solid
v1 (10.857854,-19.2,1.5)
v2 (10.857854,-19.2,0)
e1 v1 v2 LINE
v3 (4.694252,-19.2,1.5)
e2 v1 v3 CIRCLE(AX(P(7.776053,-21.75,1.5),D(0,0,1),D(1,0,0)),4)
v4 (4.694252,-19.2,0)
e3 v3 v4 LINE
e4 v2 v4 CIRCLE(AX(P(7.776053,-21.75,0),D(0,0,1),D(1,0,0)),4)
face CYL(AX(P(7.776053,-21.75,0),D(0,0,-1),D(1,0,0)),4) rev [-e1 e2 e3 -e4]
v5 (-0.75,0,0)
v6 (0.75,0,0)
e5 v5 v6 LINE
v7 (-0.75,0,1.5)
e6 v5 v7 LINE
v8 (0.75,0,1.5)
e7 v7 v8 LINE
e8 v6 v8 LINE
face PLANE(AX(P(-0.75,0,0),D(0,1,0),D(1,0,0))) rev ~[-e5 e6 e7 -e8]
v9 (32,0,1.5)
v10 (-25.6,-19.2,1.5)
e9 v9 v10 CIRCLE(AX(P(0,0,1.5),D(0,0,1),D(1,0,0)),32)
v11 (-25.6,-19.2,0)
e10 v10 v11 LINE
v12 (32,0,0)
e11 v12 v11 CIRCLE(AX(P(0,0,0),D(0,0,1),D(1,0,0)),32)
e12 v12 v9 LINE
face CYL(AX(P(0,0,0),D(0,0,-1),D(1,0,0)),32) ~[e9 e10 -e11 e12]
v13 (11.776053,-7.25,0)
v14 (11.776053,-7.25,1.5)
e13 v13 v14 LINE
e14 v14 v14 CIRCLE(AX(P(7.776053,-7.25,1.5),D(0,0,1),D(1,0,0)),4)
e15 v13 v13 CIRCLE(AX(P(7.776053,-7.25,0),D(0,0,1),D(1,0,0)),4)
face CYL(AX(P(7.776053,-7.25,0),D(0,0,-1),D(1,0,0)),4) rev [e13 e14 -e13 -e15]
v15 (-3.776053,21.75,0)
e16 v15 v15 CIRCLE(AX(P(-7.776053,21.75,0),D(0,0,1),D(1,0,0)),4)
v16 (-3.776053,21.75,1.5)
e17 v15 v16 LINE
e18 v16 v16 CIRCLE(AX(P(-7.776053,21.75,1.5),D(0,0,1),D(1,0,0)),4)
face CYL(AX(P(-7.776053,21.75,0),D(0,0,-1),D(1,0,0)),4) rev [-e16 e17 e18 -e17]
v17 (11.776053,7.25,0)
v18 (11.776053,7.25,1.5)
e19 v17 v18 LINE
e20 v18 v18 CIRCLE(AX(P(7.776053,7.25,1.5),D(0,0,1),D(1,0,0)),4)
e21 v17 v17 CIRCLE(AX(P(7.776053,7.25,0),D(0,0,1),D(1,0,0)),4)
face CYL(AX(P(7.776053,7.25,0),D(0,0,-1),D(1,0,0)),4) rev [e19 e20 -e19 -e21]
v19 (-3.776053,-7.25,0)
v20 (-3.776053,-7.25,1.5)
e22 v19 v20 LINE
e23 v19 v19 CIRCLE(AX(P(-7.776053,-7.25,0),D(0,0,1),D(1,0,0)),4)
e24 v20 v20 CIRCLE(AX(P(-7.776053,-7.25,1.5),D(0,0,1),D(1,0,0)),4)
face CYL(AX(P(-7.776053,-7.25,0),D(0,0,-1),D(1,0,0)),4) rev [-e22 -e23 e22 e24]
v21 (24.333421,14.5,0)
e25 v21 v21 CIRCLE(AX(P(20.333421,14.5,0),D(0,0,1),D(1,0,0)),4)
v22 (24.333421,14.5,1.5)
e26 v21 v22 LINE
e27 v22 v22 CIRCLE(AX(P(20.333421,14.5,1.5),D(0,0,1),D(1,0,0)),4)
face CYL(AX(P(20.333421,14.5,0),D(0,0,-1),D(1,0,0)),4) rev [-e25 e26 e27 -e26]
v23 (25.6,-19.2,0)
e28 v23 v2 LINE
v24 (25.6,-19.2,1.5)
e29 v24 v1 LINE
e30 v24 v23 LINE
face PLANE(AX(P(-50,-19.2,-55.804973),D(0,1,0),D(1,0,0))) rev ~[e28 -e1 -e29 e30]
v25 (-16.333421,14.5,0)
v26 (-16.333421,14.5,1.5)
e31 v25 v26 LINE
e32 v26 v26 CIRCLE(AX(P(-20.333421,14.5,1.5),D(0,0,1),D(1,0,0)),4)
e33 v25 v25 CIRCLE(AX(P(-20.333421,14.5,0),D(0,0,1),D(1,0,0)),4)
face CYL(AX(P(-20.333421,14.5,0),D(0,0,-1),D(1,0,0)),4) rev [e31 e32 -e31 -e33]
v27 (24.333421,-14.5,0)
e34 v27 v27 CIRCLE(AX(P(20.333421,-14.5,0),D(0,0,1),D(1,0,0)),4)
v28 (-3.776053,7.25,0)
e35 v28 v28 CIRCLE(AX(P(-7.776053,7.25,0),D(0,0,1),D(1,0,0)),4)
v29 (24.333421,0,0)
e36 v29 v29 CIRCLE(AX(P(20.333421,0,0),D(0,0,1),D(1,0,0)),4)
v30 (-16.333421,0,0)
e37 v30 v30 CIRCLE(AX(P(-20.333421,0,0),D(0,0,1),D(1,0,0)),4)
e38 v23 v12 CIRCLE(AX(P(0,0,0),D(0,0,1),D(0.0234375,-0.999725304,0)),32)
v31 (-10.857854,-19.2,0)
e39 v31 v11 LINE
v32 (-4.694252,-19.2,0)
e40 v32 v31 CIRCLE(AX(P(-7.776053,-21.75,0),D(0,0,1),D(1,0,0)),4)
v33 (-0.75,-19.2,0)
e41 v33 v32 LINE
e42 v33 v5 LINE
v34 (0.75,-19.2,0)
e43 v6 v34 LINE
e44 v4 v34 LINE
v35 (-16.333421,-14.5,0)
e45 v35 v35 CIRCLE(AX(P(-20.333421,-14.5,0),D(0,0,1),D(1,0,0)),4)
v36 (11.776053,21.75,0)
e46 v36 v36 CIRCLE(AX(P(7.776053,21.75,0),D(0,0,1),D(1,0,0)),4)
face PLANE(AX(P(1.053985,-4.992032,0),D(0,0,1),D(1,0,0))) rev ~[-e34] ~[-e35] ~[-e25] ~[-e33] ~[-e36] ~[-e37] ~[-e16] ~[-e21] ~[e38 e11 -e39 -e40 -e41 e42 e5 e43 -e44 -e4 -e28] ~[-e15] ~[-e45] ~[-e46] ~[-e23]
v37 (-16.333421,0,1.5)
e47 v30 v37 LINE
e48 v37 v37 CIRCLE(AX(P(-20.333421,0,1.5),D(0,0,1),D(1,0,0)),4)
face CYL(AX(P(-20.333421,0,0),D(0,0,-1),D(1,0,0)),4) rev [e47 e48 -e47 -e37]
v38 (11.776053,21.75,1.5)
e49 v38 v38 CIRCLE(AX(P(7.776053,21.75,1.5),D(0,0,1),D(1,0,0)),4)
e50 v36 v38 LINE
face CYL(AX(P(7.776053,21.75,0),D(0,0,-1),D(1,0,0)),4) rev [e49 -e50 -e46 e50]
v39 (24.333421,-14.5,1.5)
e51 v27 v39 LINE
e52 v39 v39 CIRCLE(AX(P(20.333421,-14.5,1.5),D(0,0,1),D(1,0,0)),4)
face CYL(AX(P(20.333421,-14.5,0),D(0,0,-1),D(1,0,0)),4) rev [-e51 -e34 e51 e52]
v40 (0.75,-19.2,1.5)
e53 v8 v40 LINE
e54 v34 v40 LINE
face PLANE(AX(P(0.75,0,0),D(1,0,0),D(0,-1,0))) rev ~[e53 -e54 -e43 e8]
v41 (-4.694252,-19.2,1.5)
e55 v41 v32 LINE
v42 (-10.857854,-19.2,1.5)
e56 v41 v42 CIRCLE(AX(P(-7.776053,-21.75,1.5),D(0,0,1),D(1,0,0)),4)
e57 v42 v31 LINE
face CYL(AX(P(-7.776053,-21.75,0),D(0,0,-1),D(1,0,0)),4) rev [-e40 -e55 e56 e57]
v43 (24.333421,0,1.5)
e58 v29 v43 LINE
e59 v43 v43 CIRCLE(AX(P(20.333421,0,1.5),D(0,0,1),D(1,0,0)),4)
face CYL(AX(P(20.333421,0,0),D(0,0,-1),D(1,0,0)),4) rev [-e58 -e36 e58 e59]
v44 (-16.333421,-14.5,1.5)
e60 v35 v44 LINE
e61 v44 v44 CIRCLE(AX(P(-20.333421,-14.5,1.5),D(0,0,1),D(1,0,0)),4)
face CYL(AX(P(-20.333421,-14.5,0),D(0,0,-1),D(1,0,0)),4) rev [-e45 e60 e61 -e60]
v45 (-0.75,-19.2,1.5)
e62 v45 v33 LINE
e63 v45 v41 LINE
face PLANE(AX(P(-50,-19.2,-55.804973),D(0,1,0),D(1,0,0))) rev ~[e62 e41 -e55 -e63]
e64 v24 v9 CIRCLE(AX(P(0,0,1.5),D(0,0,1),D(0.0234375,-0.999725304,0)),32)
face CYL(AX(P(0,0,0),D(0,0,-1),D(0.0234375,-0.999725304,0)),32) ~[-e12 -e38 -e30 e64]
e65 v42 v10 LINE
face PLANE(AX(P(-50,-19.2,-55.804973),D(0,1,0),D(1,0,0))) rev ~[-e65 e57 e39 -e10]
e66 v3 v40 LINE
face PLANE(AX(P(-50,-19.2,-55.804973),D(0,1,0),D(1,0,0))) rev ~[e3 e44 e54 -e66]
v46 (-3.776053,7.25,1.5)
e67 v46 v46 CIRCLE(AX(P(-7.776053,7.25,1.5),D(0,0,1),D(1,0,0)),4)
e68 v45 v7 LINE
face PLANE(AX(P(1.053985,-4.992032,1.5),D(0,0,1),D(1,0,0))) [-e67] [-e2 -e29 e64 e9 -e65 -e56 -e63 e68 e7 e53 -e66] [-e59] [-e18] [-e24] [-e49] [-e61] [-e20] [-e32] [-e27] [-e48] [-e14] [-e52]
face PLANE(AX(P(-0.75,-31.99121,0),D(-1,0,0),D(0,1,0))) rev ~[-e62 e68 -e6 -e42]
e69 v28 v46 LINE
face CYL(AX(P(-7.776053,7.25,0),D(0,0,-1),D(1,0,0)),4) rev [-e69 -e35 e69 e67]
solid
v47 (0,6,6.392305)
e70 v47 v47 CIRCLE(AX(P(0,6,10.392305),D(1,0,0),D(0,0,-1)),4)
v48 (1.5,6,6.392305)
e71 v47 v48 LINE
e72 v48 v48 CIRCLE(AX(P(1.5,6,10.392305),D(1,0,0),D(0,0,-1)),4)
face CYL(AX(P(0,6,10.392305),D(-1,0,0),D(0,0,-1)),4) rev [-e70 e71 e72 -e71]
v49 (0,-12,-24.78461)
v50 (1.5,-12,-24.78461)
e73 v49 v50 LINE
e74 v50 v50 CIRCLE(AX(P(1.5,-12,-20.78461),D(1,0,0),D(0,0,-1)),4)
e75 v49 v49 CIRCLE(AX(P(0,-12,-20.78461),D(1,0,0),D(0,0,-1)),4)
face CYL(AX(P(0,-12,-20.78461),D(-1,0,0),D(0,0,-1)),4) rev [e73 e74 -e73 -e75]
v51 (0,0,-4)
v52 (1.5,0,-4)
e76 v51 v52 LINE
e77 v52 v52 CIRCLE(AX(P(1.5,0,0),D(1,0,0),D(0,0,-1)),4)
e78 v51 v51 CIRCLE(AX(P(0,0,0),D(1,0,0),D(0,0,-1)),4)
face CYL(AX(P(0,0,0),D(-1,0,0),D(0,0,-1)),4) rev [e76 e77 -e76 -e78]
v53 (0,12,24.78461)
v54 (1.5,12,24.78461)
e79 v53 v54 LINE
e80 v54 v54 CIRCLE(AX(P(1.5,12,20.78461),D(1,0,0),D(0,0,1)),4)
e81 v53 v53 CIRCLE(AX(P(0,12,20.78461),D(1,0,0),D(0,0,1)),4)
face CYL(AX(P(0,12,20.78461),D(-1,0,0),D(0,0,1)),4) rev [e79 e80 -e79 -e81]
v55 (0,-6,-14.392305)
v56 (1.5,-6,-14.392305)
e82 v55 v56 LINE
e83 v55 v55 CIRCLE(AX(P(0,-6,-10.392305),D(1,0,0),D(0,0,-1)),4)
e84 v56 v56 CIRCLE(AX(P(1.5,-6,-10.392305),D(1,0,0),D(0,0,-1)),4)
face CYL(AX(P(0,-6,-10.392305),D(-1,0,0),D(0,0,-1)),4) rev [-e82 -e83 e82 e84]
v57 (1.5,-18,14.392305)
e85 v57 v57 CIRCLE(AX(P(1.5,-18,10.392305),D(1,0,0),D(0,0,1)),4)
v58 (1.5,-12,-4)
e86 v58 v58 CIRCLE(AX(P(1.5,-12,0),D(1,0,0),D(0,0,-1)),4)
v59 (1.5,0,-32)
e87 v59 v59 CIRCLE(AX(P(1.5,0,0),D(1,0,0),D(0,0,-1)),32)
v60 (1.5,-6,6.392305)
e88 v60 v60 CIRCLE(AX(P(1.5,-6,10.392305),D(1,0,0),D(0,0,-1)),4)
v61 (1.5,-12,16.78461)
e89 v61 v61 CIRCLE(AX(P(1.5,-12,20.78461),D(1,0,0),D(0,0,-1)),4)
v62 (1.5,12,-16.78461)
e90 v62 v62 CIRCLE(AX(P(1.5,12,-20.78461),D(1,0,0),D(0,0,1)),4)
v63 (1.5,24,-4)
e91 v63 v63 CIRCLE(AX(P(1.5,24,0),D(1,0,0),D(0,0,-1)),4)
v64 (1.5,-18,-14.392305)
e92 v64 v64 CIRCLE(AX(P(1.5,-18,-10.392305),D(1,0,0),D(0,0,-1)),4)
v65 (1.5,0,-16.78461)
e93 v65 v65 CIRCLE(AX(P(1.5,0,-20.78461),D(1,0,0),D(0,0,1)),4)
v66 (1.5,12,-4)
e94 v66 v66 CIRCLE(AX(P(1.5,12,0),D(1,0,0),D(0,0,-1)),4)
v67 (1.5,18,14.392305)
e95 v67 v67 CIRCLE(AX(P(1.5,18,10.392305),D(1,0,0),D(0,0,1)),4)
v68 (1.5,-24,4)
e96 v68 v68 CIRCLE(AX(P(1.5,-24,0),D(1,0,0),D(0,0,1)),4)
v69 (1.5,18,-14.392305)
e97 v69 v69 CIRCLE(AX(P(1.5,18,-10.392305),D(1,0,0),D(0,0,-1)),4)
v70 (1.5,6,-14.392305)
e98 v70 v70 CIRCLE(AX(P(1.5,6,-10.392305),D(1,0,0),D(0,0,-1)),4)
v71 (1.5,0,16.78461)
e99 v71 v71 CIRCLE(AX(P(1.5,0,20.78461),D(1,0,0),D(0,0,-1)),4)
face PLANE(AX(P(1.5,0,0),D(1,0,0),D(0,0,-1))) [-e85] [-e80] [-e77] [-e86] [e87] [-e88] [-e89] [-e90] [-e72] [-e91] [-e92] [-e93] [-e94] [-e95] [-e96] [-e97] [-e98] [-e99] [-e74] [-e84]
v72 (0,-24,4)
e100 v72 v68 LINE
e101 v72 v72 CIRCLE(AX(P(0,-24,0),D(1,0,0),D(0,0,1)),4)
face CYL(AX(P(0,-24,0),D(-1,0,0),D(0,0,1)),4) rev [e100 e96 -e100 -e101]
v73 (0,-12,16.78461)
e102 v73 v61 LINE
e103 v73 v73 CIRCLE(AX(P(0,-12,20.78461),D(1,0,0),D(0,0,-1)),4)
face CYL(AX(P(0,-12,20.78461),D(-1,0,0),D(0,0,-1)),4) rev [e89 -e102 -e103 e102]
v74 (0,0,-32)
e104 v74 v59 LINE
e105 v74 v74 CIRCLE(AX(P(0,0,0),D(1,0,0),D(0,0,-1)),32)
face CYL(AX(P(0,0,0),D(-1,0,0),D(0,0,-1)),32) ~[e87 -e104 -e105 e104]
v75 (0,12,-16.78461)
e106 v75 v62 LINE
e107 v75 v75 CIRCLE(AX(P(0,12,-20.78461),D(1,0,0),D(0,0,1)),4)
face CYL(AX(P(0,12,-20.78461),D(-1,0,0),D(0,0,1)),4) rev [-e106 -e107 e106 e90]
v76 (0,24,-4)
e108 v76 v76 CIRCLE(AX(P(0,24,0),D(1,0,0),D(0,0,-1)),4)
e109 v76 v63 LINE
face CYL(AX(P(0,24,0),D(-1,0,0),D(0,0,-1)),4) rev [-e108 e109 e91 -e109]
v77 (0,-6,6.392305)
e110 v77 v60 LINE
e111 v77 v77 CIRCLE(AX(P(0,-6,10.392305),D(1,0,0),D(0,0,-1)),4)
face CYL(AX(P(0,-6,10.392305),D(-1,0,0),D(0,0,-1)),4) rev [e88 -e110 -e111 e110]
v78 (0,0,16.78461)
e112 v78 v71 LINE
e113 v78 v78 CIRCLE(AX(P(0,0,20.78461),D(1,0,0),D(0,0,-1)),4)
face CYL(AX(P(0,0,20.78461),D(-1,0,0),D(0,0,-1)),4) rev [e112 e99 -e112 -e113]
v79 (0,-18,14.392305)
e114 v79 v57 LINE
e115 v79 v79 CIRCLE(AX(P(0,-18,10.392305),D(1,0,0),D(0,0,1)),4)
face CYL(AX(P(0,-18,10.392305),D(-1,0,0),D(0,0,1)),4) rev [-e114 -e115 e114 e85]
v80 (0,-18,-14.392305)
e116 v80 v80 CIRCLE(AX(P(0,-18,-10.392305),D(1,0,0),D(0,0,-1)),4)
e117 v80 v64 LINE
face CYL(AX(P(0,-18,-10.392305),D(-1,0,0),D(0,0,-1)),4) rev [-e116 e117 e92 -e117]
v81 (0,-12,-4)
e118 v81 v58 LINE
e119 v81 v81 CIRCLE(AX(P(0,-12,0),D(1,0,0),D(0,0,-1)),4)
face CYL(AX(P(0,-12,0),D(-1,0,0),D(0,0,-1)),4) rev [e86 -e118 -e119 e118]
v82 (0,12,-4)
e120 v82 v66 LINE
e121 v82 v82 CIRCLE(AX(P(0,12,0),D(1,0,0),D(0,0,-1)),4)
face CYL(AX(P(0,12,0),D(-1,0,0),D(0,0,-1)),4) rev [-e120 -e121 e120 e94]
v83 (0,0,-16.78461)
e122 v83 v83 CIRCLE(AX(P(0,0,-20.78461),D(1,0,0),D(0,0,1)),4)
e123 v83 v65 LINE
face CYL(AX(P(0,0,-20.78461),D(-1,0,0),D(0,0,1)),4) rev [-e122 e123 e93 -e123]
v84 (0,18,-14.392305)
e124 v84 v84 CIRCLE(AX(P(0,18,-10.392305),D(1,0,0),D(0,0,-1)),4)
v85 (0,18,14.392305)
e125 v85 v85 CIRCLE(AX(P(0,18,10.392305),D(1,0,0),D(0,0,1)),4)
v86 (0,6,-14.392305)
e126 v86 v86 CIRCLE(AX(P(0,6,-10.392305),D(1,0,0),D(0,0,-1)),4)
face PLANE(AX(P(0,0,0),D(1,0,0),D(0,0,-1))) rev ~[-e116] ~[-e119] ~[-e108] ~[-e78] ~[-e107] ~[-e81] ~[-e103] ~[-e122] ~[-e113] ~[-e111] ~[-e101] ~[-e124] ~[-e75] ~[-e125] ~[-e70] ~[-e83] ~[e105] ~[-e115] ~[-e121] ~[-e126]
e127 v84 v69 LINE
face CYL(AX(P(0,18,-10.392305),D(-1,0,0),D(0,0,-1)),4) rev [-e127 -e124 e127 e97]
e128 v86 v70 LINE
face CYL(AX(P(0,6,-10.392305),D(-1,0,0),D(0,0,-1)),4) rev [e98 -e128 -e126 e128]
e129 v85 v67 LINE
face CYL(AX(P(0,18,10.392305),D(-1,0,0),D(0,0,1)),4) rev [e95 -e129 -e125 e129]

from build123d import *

# Parameters (mm, degrees)
SKETCH1_R               = 32
SKETCH1_R_2             = 4
BOSS_EXTRUDE1_DEPTH     = 1.5
SKETCH2_R               = 4
BOSS_EXTRUDE2_DEPTH     = 1.5
CUT_EXTRUDE2_DEPTH      = 57.304973137
CUT_EXTRUDE2_DEPTH_BACK = 57.304973137
SKETCH3_W               = 100
SKETCH3_H               = 12.8


with BuildPart() as part:
    # Sketch1 → Boss-Extrude1 (new body)
    with BuildSketch(Plane(origin=(0, 0, 0), x_dir=(0, 0, -1), z_dir=(1, 0, 0))):
        Circle(SKETCH1_R)
        Circle(SKETCH1_R_2, mode=Mode.SUBTRACT)
        with Locations((0, 12)):
            Circle(SKETCH1_R_2, mode=Mode.SUBTRACT)
        with Locations((10.392304845, 6)):
            Circle(SKETCH1_R_2, mode=Mode.SUBTRACT)
        with Locations((10.392304845, -6)):
            Circle(SKETCH1_R_2, mode=Mode.SUBTRACT)
        with Locations((0, -12)):
            Circle(SKETCH1_R_2, mode=Mode.SUBTRACT)
        with Locations((-10.392304845, -6)):
            Circle(SKETCH1_R_2, mode=Mode.SUBTRACT)
        with Locations((-10.392304845, 6)):
            Circle(SKETCH1_R_2, mode=Mode.SUBTRACT)
        with Locations((10.392304845, 18)):
            Circle(SKETCH1_R_2, mode=Mode.SUBTRACT)
        with Locations(Location((20.784609691, 0, 0), (0, 0, 180))):
            Circle(SKETCH1_R_2, mode=Mode.SUBTRACT)
        with Locations(Location((20.784609691, 12, 0), (0, 0, 180))):
            Circle(SKETCH1_R_2, mode=Mode.SUBTRACT)
        with Locations((0, 24)):
            Circle(SKETCH1_R_2, mode=Mode.SUBTRACT)
        with Locations((20.784609691, -12)):
            Circle(SKETCH1_R_2, mode=Mode.SUBTRACT)
        with Locations((10.392304845, -18)):
            Circle(SKETCH1_R_2, mode=Mode.SUBTRACT)
        with Locations(Location((0, -24, 0), (0, 0, 180))):
            Circle(SKETCH1_R_2, mode=Mode.SUBTRACT)
        with Locations(Location((-10.392304845, -18, 0), (0, 0, 180))):
            Circle(SKETCH1_R_2, mode=Mode.SUBTRACT)
        with Locations((-20.784609691, -12)):
            Circle(SKETCH1_R_2, mode=Mode.SUBTRACT)
        with Locations((-20.784609691, 0)):
            Circle(SKETCH1_R_2, mode=Mode.SUBTRACT)
        with Locations(Location((-20.784609691, 12, 0), (0, 0, 180))):
            Circle(SKETCH1_R_2, mode=Mode.SUBTRACT)
        with Locations(Location((-10.392304845, 18, 0), (0, 0, 180))):
            Circle(SKETCH1_R_2, mode=Mode.SUBTRACT)
    extrude(amount=BOSS_EXTRUDE1_DEPTH)


with BuildPart() as body_2:
    # Sketch2 → Boss-Extrude2 (new body)
    with BuildSketch(Plane.XY):
        with BuildLine():
            ThreePointArc((32, 0), (-22.360679775, 22.891046285), (-0.75, -31.99120973))
            Line((-0.75, -31.99120973), (-0.75, 0))
            Line((-0.75, 0), (0.75, 0))
            Line((0.75, 0), (0.75, -31.99120973))
            ThreePointArc((0.75, -31.99120973), (22.891046285, -22.360679775), (32, 0))
        make_face()
        with Locations((-7.776053053, -21.75)):
            Circle(SKETCH2_R, mode=Mode.SUBTRACT)
        with Locations((-20.333421407, -14.5)):
            Circle(SKETCH2_R, mode=Mode.SUBTRACT)
        with Locations((-7.776053053, -7.25)):
            Circle(SKETCH2_R, mode=Mode.SUBTRACT)
        with Locations((7.776053053, -21.75)):
            Circle(SKETCH2_R, mode=Mode.SUBTRACT)
        with Locations((7.776053053, -7.25)):
            Circle(SKETCH2_R, mode=Mode.SUBTRACT)
        with Locations((20.333421407, -14.5)):
            Circle(SKETCH2_R, mode=Mode.SUBTRACT)
        with Locations((-20.333421407, 0)):
            Circle(SKETCH2_R, mode=Mode.SUBTRACT)
        with Locations((-20.333421407, 14.5)):
            Circle(SKETCH2_R, mode=Mode.SUBTRACT)
        with Locations((-7.776053053, 7.25)):
            Circle(SKETCH2_R, mode=Mode.SUBTRACT)
        with Locations((-7.776053053, 21.75)):
            Circle(SKETCH2_R, mode=Mode.SUBTRACT)
        with Locations((7.776053053, 7.25)):
            Circle(SKETCH2_R, mode=Mode.SUBTRACT)
        with Locations((20.333421407, 0)):
            Circle(SKETCH2_R, mode=Mode.SUBTRACT)
        with Locations((20.333421407, 14.5)):
            Circle(SKETCH2_R, mode=Mode.SUBTRACT)
        with Locations((7.776053053, 21.75)):
            Circle(SKETCH2_R, mode=Mode.SUBTRACT)
    extrude(amount=BOSS_EXTRUDE2_DEPTH)

    # Sketch3 → Cut-Extrude2 (cut, two sides: drawn at the far end of the back side and taken through both)
    with BuildSketch(Plane.XY.offset(1.5).offset(-CUT_EXTRUDE2_DEPTH_BACK)):
        with Locations((0, -25.6)):
            Rectangle(SKETCH3_W, SKETCH3_H)
    extrude(amount=CUT_EXTRUDE2_DEPTH + CUT_EXTRUDE2_DEPTH_BACK, mode=Mode.SUBTRACT)


solid = Compound([part.part, body_2.part])
